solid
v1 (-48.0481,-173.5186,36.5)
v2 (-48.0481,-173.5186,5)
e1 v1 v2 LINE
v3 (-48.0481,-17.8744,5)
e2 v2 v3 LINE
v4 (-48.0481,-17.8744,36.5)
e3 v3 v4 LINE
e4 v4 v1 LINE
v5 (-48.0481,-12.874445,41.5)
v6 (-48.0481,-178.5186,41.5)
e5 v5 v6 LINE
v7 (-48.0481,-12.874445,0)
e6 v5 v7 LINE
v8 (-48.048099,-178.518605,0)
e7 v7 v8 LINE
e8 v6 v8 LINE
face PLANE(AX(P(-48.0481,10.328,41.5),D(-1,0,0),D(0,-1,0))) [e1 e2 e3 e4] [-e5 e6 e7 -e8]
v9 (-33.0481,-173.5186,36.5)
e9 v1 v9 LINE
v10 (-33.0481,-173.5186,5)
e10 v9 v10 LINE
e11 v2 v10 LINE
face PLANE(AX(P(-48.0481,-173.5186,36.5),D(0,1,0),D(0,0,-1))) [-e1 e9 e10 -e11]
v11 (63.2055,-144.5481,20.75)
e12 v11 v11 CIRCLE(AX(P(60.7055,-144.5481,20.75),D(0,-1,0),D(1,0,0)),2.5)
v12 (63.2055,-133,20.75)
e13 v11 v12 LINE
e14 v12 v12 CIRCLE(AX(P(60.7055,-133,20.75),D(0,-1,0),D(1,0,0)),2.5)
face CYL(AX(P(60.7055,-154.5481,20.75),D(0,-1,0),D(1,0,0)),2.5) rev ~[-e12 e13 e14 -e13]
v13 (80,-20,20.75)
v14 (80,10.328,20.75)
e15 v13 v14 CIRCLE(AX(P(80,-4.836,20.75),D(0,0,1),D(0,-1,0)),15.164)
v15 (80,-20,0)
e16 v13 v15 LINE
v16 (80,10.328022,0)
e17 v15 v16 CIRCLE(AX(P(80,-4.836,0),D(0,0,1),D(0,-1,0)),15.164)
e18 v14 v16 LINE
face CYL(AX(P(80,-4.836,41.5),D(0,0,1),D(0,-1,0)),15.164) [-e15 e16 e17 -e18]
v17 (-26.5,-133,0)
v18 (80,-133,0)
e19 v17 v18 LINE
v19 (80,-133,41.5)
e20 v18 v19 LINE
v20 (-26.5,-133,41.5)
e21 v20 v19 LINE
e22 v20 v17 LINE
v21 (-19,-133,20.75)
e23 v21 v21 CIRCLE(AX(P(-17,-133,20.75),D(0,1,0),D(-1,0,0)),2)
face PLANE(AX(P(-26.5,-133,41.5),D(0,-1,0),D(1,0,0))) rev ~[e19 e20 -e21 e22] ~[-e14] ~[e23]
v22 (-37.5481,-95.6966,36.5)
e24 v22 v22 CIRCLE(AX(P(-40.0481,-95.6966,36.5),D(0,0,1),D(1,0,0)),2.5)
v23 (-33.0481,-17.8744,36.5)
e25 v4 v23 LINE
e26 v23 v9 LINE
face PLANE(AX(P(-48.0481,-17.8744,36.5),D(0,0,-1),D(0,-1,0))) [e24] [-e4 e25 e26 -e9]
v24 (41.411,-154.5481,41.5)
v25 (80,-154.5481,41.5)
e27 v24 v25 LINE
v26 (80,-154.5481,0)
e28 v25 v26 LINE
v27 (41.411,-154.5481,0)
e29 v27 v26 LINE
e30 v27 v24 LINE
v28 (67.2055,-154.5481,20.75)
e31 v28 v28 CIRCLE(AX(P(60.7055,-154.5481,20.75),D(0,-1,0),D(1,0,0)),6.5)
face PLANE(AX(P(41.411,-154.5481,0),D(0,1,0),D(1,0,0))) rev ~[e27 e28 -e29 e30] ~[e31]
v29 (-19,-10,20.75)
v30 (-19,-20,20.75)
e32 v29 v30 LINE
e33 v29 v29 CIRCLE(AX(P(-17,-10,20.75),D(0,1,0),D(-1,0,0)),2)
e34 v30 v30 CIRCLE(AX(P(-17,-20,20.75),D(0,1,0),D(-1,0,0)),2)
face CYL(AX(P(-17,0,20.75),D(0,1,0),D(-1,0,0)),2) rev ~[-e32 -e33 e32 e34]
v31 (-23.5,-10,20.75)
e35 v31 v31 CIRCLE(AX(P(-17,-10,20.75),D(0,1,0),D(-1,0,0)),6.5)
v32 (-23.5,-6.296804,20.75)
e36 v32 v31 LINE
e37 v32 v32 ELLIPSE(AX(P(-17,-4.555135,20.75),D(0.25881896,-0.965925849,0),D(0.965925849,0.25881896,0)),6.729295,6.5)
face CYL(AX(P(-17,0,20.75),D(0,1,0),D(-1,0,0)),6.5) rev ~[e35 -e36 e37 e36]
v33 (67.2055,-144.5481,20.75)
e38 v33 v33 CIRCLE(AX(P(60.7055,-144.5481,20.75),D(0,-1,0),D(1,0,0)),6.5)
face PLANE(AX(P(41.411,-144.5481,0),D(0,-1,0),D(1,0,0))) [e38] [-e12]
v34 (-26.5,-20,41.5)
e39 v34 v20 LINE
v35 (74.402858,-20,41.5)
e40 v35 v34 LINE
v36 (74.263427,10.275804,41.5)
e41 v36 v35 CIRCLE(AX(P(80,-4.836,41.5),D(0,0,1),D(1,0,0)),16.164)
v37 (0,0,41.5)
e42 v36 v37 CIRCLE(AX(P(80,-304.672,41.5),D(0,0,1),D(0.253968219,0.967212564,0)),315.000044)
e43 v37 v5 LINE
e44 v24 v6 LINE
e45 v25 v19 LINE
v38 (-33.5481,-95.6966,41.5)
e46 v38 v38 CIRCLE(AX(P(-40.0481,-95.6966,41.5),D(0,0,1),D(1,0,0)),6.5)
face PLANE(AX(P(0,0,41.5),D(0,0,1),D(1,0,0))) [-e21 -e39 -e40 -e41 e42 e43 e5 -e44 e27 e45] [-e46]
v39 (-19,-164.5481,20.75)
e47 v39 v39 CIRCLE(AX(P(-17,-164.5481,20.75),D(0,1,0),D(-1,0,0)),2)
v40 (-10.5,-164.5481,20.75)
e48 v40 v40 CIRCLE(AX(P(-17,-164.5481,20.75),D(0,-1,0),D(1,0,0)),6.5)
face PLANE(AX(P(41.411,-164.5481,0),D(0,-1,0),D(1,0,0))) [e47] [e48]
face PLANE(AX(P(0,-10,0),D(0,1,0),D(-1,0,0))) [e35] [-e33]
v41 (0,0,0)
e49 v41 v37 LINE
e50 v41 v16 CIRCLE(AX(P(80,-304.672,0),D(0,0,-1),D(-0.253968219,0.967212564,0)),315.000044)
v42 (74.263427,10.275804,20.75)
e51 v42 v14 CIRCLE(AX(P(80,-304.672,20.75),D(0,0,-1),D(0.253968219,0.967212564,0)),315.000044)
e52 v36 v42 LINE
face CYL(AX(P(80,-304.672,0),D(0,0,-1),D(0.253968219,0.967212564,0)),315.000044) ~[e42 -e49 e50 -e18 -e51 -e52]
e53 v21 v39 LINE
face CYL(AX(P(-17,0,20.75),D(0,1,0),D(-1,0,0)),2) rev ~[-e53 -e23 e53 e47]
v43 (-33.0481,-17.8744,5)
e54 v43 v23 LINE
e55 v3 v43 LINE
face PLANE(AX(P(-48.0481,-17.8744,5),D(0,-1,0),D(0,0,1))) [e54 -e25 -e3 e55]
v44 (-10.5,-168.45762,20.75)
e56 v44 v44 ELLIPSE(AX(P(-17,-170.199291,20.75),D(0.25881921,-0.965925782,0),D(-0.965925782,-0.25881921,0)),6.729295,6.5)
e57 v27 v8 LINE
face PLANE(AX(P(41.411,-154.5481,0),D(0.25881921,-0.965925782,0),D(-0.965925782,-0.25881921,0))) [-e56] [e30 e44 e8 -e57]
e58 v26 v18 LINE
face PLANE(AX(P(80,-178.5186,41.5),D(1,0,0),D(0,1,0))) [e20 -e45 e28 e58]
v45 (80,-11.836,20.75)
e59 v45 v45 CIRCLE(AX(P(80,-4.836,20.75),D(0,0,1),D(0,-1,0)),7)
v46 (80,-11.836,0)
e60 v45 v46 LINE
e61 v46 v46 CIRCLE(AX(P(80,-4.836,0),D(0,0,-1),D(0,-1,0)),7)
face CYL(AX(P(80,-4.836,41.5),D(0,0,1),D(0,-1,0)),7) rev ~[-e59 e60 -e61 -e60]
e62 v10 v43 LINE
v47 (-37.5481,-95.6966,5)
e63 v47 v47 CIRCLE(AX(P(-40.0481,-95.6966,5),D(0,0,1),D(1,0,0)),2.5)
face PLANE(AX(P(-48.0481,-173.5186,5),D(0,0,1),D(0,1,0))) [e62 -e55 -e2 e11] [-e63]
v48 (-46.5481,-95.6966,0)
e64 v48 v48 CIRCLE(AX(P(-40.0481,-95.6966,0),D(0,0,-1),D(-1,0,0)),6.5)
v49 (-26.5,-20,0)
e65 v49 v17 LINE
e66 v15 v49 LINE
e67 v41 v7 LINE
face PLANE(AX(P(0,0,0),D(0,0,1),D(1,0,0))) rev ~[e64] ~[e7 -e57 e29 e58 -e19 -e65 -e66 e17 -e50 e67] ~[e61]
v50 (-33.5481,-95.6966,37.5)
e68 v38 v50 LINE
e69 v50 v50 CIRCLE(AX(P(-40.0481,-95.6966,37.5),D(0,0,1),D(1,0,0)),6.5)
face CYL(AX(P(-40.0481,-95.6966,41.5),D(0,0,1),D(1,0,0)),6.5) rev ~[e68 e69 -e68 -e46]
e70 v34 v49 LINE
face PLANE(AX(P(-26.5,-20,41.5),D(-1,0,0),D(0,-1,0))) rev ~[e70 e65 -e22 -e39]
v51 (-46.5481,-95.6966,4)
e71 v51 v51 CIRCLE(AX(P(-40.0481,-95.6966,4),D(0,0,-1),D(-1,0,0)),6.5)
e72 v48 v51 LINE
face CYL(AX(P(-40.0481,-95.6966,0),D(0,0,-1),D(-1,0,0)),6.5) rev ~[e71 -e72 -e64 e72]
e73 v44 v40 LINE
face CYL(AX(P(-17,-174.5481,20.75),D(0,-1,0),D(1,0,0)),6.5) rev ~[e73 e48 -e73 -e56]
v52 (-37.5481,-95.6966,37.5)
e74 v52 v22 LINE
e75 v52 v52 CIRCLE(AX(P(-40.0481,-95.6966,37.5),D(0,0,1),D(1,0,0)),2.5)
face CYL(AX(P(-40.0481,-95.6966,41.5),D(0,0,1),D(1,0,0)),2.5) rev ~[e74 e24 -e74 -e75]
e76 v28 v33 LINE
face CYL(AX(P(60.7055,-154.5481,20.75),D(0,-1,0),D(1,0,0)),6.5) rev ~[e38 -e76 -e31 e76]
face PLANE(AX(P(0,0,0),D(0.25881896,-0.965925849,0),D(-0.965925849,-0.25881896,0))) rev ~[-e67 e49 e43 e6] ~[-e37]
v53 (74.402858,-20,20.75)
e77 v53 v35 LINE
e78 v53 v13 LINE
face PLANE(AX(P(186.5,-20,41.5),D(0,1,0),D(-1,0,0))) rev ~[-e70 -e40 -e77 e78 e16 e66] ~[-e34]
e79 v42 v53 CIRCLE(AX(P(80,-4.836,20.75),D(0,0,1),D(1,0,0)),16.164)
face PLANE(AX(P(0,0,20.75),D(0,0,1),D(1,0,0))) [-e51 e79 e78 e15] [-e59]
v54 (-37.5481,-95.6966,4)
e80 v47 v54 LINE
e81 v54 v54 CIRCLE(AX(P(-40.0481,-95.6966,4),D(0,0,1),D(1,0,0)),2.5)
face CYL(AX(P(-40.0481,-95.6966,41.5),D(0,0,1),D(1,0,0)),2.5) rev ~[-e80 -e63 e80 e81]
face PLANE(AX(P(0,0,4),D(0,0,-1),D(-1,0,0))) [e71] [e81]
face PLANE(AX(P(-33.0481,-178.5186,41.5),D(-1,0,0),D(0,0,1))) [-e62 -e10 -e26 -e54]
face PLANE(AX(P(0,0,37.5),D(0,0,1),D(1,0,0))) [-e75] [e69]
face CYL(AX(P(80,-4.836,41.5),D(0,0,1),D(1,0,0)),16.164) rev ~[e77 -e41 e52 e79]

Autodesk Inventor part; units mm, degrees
ref_plane "YZ Plane" through (0, 0, 0) normal (1, 0, 0) x (0, 1, 0)
ref_plane "XZ Plane" through (0, 0, 0) normal (0, 1, 0) x (-1, 0, 0)
sketch "Sketch1" plane through (0, 0, 0) normal (0, 0, 1) x (1, 0, 0)
  line L0 (0, 0) -> (160, 0) construction
  line L1 (160, 0) -> (118.589, -154.5481) construction
  line L2 (0, 0) -> (41.411, -154.5481) construction
  line L3 (41.411, -154.5481) -> (118.589, -154.5481)
  circle A0 centre (235.8871, -103.156) radius 80 construction
  line L4 (160, 0) -> (256.5926, -25.8819)
  line L5 (118.589, -154.5481) -> (215.1815, -180.43)
  arc A1 (215.1815, -180.43) -> (256.5926, -25.8819) centre (235.8871, -103.156) ccw
  circle A2 centre (-75.8871, -103.156) radius 80 construction
  line L6 (0, 0) -> (-96.5926, -25.8819)
  line L7 (41.411, -154.5481) -> (-55.1815, -180.43)
  arc A3 (-96.5926, -25.8819) -> (-55.1815, -180.43) centre (-75.8871, -103.156) ccw
  arc A4 (160, 0) -> (0, 0) centre (80, -304.672) ccw
  dimension "d0" = 160
  dimension "d1" = 160
  dimension "d2" = 160
  dimension "d3" = 75
  dimension "d4" = 75
  dimension "d5" = 160
  dimension "d6" = 100
  dimension "d7" = 160
  dimension "d9" = 100
  dimension "d56" = 315
extrude "Extrusion1" add sketch "Sketch1" along normal blind 41.5
sketch "Sketch2" plane through (0, 0, 41.5) normal (0, 0, 1) x (1, 0, 0)
  line L0 (-26.5, -133) -> (186.5, -133)
  line L1 (186.5, -133) -> (186.5, -20)
  line L2 (186.5, -20) -> (-26.5, -20)
  line L3 (-26.5, -20) -> (-26.5, -133)
  line L4 (0, 0) -> (-96.5926, -25.8819) projected
  arc A0 (160, 0) -> (0, 0) centre (80, -304.672) ccw projected
  line L5 (0, 0) -> (160, 0)
  point P0 (80, -20)
  point P1 (80, 0)
  dimension "d12" = 213
  dimension "d13" = 113
  dimension "d57" = 20
extrude "Extrusion2" cut sketch "Sketch2" against normal through all contours L3 L2 L1 L0
sketch "Sketch3" plane through (0, 0, 41.5) normal (0, 0, 1) x (1, 0, 0)
  line L0 (186.5, -20) -> (186.5, -133) construction
  line L1 (186.5, -133) -> (-26.5, -133) construction
  line L2 (-26.5, -133) -> (-26.5, -20) construction
  line L3 (-26.5, -20) -> (186.5, -20) construction
  line L4 (0, 0) -> (-96.5926, -25.8819) construction
  arc A0 (-96.5926, -25.8819) -> (-55.1815, -180.43) centre (-75.8871, -103.156) ccw construction
  line L5 (-55.1815, -180.43) -> (41.411, -154.5481) construction
  line L6 (41.411, -154.5481) -> (118.589, -154.5481) construction
  line L7 (118.589, -154.5481) -> (215.1815, -180.43) construction
  arc A1 (215.1815, -180.43) -> (256.5926, -25.8819) centre (235.8871, -103.156) ccw construction
  line L8 (256.5926, -25.8819) -> (160, 0) construction
  line L9 (-48.0481, -154.5481) -> (208.0481, -154.5481) construction
  line L10 (208.0481, -154.5481) -> (208.0481, 10.328) construction
  line L11 (-48.0481, 10.328) -> (-48.0481, -154.5481) construction
  line L12 (-48.0481, 10.328) -> (-48.0481, -178.5186)
  line L13 (-55.1815, -180.43) -> (41.411, -154.5481) projected
  line L14 (208.0481, 10.328) -> (208.0481, -178.5186)
  line L15 (118.589, -154.5481) -> (215.1815, -180.43) projected
  line L16 (-48.0481, -178.5186) -> (208.0481, -178.5186)
  line L17 (-48.0481, 10.328) -> (208.0481, 10.328)
  line L18 (-157.6505, -218.8456) -> (317.6505, -218.8456)
  line L19 (317.6505, -218.8456) -> (317.6505, 50.655)
  line L20 (317.6505, 50.655) -> (-157.6505, 50.655)
  line L21 (-157.6505, 50.655) -> (-157.6505, -218.8456)
  arc A2 (160, 0) -> (0, 0) centre (80, -304.672) ccw projected
  point P0 (80, -154.5481)
  point P1 (80, 10.328)
  point P2 (208.0481, -84.0953)
  point P3 (317.6505, -84.0953)
  point P4 (80, 10.328)
  point P5 (80, -218.8456)
  dimension "d22" = 269.5006
  dimension "d23" = 475.3011
extrude "Extrusion3" cut sketch "Sketch3" against normal through all
sketch "Sketch5" plane through (0, 0, 41.5) normal (0, 0, 1) x (1, 0, 0)
  line L0 (118.589, -154.5481) -> (208.0481, -178.5186) projected
  line L1 (208.0481, -178.5186) -> (80, -178.5186)
  line L2 (80, -178.5186) -> (80, 10.328)
  line L3 (80, 10.328) -> (208.0481, 10.328)
  line L4 (208.0481, 10.328) -> (208.0481, -178.5186)
  arc A0 (160, 0) -> (0, 0) centre (80, -304.672) ccw projected
extrude "Extrusion4" cut sketch "Sketch5" against normal through all
sketch "Sketch6" plane through (0, 0, 0) normal (0, 1, 0) x (-1, 0, 0)
  circle A0 centre (17, 20.75) radius 2
  line L0 (26.5, 41.5) -> (26.5, 0) projected
  point P0 (26.5, 20.75)
  dimension "d24" = 4
  dimension "d58" = 9.5
extrude "Extrusion5" cut sketch "Sketch6" along normal through all both and the other way through all
sketch "Sketch7" plane through (0, 0, 0) normal (0, 1, 0) x (-1, 0, 0)
  circle A0 centre (17, 20.75) radius 2 projected
  circle A1 centre (17, 20.75) radius 6.5
  dimension "d59" = 13
extrude "Extrusion6" cut sketch "Sketch7" against normal blind 10
ref_plane "Work Plane1" through (41.411, -174.5481, 0) normal (0, -1, 0) x (1, 0, 0)
sketch "Sketch8" plane through (41.411, -174.5481, 0) normal (0, -1, 0) x (1, 0, 0)
  circle A0 centre (-58.411, 20.75) radius 2 projected
  circle A1 centre (-58.411, 20.75) radius 6.5
  point P0 (-41.411, 0)
  dimension "d32" = 13
extrude "Extrusion7" cut sketch "Sketch8" against normal blind 10
sketch "Sketch11" plane through (41.411, -154.5481, 0) normal (0, -1, 0) x (1, 0, 0)
  line L0 (0, 41.5) -> (38.589, 41.5) projected
  line L1 (0, 0) -> (0, 41.5) projected
  line L2 (0, 0) -> (38.589, 0) projected
  line L3 (38.589, 0) -> (38.589, 41.5) projected
  circle A0 centre (19.2945, 20.75) radius 2.5
  circle A1 centre (19.2945, 20.75) radius 6.5
  point P0 (-41.411, 0)
  point P1 (0, 20.75)
  point P2 (19.2945, 41.5)
  dimension "d73" = 5
  dimension "d74" = 13
extrude "Extrusion10" cut sketch "Sketch11" against normal blind 10 contours A1
sketch "Sketch12" plane through (-48.0481, -178.5186, 41.5) normal (-1, 0, 0) x (0, 0, 1)
  line L0 (-41.5, 0) -> (-41.5, 165.6442) projected
  line L1 (0, 0) -> (-41.5, 0) projected
  line L2 (0, 165.6442) -> (0, 0) projected
  line L3 (-41.5, 165.6442) -> (0, 165.6442) projected
  line L4 (-5, 5) -> (-36.5, 5)
  line L5 (-36.5, 5) -> (-36.5, 160.6442)
  line L6 (-36.5, 160.6442) -> (-5, 160.6442)
  line L7 (-5, 160.6442) -> (-5, 5)
  point P0 (-41.5, 178.5186)
  dimension "d43" = 5
extrude "Extrusion11" cut sketch "Sketch12" against normal blind 15 contours L4 L5 L6 L7
sketch "Sketch13" plane through (0, 0, 41.5) normal (0, 0, 1) x (1, 0, 0)
  circle A0 centre (-40.0481, -95.6966) radius 2.5
  line L0 (-48.0481, -12.8745) -> (-48.0481, -178.5186) projected
  point P0 (0, 0)
  point P1 (-48.0481, -95.6966)
  dimension "d46" = 5
  dimension "d47" = 8
extrude "Extrusion12" cut sketch "Sketch13" against normal through all
sketch "Sketch14" plane through (0, 0, 41.5) normal (0, 0, 1) x (1, 0, 0)
  circle A0 centre (-40.0481, -95.6966) radius 2.5 projected
  circle A1 centre (-40.0481, -95.6966) radius 6.5
  point P0 (0, 0)
  dimension "d50" = 13
extrude "Extrusion13" cut sketch "Sketch14" against normal blind 4
sketch "Sketch15" plane through (0, 0, 0) normal (0, 0, -1) x (-1, 0, 0)
  circle A0 centre (40.0481, -95.6966) radius 2.5 projected
  circle A1 centre (40.0481, -95.6966) radius 2.5 projected
  circle A2 centre (40.0481, -95.6966) radius 6.5
  point P0 (0, 0)
  dimension "d53" = 13
extrude "Extrusion14" cut sketch "Sketch15" against normal blind 4
sketch "Sketch16" plane through (0, 0, 41.5) normal (0, 0, 1) x (1, 0, 0)
  line L0 (80, -20) -> (80, 10.328) construction
  circle A0 centre (80, -4.836) radius 7 construction
  circle A1 centre (80, -4.836) radius 15.164 construction
  arc A2 (80, -20) -> (80, 10.328) centre (80, -4.836) ccw
  arc A3 (80, -11.836) -> (80, 2.164) centre (80, -4.836) ccw
  arc A4 (80, 10.328) -> (0, 0) centre (80, -304.672) ccw projected
  line L1 (80, 10.328) -> (80, 2.164)
  line L2 (80, -11.836) -> (80, -20)
  dimension "d62" = 14
extrude "Extrusion15" add sketch "Sketch16" against normal blind 41.5
sketch "Sketch17" plane through (0, 0, 41.5) normal (0, 0, 1) x (1, 0, 0)
  arc A0 (80, -11.836) -> (80, 2.164) centre (80, -4.836) ccw construction
  circle A1 centre (80, -4.836) radius 7
  point P0 (0, 0)
extrude "Extrusion16" cut sketch "Sketch17" against normal through all
sketch "Sketch19" plane through (0, 0, 41.5) normal (0, 0, 1) x (1, 0, 0)
  circle A0 centre (80, -4.836) radius 7 projected
  arc A1 (80, -20) -> (80, 10.328) centre (80, -4.836) ccw projected
  circle A2 centre (80, -4.836) radius 15.164 construction
  circle A3 centre (80, -4.836) radius 16.164
  point P0 (0, 0)
  dimension "d72" = 1
extrude "Extrusion18" cut sketch "Sketch19" against normal blind 20.75
sketch "Sketch20" plane through (60.7055, -154.5481, 20.75) normal (0, -1, 0) x (1, 0, 0)
  circle A0 centre (0, 0) radius 2.5 projected
  point P0 (-60.7055, -20.75)
extrude "Extrusion19" cut sketch "Sketch20" against normal blind 50
properties part number "Riser Base" material "ABS Plastic"
